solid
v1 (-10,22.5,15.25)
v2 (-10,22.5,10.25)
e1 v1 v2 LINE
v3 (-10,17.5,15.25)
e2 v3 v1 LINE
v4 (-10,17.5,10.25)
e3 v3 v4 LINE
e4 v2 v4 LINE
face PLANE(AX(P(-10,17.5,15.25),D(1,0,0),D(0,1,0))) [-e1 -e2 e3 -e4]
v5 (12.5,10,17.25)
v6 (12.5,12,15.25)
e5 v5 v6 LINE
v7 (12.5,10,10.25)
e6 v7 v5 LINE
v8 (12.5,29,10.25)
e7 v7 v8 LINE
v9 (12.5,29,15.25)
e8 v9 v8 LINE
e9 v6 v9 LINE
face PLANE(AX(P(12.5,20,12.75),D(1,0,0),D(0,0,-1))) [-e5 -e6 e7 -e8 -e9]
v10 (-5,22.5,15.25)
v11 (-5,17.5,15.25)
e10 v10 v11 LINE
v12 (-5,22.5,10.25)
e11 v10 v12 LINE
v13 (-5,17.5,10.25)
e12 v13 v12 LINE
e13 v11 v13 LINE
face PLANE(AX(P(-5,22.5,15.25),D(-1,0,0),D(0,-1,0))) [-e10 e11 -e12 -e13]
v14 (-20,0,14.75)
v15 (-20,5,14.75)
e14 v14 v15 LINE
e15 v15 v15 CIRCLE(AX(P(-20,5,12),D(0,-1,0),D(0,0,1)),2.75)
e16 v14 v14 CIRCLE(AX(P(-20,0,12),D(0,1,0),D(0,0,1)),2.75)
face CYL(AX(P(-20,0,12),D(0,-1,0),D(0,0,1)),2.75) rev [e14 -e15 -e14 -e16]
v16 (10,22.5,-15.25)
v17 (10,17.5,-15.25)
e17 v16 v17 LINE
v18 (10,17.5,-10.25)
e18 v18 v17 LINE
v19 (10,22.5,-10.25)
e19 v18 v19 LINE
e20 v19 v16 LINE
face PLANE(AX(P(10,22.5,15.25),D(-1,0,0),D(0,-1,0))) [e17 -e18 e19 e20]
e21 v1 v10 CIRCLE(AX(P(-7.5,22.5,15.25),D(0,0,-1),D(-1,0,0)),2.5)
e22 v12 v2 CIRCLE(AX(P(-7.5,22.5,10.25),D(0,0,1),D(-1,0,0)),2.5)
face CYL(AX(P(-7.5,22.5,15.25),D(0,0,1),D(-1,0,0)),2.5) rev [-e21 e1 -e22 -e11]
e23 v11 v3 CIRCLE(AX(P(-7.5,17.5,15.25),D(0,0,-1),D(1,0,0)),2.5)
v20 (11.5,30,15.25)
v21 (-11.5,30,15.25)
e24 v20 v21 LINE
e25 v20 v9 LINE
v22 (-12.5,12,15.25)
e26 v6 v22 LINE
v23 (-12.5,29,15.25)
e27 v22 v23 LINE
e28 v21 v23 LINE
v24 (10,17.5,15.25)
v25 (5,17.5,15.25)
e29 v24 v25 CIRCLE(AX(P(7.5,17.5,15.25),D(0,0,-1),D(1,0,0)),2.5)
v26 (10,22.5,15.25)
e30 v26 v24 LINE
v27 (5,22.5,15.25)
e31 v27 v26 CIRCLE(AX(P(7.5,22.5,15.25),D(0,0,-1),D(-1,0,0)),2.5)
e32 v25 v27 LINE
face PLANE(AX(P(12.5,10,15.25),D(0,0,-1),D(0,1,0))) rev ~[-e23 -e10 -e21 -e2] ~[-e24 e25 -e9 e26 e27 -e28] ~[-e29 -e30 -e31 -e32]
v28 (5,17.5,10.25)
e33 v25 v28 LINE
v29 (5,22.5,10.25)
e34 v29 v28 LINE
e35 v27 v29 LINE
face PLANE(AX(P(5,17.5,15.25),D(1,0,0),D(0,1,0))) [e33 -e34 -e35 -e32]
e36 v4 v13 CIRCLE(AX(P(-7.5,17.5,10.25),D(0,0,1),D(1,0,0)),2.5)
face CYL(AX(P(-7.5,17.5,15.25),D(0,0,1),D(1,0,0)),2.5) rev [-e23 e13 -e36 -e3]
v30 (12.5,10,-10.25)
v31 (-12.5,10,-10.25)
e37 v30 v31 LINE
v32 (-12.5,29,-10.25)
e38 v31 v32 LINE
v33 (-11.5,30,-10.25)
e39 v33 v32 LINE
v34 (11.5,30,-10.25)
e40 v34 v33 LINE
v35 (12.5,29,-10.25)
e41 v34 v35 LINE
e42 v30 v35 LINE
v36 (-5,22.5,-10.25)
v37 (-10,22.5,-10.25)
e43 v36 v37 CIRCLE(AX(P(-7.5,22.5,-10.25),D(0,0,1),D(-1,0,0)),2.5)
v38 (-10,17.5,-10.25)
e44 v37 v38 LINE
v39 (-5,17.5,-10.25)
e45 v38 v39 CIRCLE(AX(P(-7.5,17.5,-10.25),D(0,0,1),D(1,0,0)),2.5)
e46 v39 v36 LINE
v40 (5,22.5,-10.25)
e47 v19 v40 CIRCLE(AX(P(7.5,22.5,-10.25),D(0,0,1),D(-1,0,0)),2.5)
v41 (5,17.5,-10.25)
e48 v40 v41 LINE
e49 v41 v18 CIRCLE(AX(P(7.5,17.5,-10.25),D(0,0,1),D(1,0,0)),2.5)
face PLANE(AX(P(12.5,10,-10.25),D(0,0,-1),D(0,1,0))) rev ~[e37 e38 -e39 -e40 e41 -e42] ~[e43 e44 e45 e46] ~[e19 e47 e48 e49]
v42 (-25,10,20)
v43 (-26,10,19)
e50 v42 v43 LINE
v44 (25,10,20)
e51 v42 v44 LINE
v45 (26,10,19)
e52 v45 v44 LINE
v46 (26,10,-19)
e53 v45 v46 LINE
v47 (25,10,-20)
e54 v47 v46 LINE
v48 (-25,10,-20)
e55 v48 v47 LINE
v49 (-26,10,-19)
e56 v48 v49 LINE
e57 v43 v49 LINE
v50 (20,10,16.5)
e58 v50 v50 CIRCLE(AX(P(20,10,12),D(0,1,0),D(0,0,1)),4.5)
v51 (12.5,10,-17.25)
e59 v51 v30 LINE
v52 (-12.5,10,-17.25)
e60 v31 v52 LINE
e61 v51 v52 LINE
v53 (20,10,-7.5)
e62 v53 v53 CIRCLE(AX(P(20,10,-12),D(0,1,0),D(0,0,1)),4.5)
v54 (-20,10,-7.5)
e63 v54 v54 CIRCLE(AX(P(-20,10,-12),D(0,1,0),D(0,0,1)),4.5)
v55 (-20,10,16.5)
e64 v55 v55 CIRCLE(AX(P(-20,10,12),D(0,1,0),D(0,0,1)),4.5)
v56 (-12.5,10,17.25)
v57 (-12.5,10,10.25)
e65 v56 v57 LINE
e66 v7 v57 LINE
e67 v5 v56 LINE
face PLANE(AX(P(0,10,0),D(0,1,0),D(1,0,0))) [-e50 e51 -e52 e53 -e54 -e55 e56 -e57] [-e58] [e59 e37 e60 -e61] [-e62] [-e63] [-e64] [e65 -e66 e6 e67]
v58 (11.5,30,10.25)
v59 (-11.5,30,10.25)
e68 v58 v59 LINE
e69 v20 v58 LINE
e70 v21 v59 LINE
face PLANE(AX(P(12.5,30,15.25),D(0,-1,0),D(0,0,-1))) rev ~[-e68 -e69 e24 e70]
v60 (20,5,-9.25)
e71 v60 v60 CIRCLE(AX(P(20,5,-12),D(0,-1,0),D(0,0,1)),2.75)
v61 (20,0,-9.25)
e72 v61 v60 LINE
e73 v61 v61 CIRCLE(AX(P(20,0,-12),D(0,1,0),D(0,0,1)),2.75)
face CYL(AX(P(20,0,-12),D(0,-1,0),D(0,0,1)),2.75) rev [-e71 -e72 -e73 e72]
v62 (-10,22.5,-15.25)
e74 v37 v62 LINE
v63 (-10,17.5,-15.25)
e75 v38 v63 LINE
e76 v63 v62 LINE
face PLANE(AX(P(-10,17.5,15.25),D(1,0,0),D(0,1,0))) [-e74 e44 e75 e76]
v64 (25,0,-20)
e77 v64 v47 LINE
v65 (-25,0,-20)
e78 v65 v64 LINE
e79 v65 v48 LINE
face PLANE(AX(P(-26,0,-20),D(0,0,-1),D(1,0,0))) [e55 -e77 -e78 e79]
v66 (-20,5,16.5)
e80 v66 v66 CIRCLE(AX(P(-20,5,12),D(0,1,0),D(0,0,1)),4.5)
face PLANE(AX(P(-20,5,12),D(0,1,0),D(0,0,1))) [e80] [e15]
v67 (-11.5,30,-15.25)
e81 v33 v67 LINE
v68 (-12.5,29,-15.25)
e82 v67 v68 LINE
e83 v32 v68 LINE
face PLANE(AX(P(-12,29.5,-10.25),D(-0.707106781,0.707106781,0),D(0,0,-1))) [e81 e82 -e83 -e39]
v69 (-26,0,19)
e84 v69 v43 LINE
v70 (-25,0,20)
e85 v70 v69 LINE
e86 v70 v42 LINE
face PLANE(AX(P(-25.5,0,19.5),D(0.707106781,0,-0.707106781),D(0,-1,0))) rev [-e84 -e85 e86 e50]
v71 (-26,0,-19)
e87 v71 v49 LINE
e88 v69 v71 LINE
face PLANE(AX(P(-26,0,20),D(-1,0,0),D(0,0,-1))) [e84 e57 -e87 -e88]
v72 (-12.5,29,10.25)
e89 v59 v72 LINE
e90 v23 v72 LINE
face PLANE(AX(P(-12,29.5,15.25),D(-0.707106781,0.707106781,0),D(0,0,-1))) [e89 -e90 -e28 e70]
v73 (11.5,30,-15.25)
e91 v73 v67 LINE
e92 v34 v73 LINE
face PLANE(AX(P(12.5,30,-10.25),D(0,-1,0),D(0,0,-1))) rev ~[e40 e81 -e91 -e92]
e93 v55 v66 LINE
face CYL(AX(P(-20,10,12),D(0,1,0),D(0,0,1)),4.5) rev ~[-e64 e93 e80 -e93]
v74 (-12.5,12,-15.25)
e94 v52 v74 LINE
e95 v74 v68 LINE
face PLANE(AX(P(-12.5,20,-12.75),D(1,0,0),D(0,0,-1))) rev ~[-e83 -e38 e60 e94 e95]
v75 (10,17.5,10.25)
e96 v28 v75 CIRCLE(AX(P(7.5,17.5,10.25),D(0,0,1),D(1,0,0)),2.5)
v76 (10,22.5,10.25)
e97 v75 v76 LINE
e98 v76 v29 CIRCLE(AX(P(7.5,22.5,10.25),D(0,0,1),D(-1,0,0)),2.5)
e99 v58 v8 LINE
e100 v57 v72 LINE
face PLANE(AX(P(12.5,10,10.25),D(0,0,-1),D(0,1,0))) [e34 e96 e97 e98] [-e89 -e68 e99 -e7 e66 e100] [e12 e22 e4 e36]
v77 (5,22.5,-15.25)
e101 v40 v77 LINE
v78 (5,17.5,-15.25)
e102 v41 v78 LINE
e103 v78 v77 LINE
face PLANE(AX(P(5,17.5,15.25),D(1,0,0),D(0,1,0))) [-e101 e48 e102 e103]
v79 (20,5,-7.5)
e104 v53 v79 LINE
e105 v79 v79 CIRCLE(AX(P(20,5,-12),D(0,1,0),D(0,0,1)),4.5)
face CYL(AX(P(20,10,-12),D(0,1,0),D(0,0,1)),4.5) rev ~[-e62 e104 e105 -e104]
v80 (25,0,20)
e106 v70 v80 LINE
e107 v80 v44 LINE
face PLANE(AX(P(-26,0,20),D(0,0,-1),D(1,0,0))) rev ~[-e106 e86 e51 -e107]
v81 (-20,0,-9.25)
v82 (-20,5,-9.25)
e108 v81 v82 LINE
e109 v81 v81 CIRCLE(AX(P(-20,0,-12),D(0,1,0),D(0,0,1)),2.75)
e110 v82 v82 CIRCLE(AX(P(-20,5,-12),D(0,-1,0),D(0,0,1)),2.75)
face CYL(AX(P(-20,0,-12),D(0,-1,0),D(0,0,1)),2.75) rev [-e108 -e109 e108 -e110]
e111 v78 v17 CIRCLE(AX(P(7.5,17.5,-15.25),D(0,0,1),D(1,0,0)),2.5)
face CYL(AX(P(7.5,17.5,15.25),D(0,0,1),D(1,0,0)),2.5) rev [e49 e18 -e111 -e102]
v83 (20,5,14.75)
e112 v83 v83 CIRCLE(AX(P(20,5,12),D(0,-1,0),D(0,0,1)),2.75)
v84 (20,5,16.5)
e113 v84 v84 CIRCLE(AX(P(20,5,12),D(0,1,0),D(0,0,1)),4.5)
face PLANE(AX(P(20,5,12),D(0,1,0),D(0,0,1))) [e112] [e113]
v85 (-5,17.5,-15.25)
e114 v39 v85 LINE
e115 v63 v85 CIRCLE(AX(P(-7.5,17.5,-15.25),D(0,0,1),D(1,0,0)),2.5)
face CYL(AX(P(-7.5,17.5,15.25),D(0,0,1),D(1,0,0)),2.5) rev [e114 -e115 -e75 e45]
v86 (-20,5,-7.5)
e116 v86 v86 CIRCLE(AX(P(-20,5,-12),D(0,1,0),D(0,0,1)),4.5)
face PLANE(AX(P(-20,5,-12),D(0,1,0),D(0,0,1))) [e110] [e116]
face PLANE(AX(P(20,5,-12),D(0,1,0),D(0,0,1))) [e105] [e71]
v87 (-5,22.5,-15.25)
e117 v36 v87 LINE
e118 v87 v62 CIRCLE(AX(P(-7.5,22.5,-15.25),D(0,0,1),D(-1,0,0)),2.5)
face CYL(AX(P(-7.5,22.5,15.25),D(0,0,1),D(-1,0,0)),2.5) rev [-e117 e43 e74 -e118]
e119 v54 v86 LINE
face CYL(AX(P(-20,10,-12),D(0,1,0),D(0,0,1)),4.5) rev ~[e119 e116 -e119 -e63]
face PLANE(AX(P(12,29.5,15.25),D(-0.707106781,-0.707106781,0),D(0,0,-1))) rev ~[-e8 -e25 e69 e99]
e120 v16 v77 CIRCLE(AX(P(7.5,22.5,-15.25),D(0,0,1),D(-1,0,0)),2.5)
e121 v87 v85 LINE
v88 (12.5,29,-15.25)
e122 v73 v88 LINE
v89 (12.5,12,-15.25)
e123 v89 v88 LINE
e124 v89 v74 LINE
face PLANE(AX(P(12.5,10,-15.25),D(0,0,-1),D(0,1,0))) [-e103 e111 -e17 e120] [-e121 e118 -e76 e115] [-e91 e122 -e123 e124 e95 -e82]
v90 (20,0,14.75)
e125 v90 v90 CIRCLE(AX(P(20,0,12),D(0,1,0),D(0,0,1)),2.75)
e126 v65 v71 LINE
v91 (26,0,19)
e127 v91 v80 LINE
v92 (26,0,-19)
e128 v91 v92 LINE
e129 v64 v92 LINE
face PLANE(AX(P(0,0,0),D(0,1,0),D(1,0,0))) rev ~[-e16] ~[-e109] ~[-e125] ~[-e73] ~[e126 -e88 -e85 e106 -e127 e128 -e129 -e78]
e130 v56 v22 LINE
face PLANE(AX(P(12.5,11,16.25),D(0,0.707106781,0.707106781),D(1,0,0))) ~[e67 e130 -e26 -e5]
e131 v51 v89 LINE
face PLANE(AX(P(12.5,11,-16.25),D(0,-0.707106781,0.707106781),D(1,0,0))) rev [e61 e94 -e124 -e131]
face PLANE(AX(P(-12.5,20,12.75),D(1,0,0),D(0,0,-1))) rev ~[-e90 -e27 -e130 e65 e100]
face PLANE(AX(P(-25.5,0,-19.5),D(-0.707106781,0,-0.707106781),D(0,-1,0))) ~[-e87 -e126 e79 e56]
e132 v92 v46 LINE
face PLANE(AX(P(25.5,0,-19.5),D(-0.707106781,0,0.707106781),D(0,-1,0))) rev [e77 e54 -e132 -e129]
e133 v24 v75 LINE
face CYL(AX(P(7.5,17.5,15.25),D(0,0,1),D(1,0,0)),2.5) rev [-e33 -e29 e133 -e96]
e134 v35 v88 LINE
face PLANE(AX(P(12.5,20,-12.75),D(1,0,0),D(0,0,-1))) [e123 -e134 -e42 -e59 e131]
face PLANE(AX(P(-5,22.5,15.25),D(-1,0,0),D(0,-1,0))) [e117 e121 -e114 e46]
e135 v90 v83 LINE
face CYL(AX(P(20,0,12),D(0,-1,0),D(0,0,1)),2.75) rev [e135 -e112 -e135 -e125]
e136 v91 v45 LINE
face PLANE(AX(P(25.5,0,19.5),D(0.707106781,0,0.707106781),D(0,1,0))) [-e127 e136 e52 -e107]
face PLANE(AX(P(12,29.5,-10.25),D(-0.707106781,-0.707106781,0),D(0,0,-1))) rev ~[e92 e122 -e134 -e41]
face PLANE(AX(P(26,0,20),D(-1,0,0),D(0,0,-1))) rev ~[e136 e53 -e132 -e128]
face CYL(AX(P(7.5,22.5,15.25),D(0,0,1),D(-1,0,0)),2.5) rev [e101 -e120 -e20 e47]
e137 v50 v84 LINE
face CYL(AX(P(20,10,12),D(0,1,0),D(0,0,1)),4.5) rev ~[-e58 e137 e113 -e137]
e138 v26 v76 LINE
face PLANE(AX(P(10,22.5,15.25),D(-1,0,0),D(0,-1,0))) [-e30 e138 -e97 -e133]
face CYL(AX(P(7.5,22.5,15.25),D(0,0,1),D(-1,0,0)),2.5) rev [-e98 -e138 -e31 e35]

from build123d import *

# Parameters (mm, degrees)
SKETCH1_W           = 52
SKETCH1_H           = 40
SKETCH1_R           = 2.75
BOSS_EXTRUDE1_DEPTH = 10
SKETCH4_R           = 4.5
CUT_EXTRUDE2_DEPTH  = 5
BOSS_EXTRUDE2_START = -13.5
SKETCH2_W           = 5
SKETCH2_H           = 20
BOSS_EXTRUDE2_DEPTH = 25
CUT_EXTRUDE1_REACH  = 55.09
CHAMFER1_SIZE       = 2
CHAMFER2_SIZE       = 1


with BuildPart() as part:
    # Sketch1 → Boss-Extrude1 (new body)
    with BuildSketch(Plane(origin=(0, 0, 0), x_dir=(1, 0, 0), z_dir=(0, 1, 0))):
        Rectangle(SKETCH1_W, SKETCH1_H)
        with Locations(Location((-20, 12, 0), (0, 0, 270))):
            Circle(SKETCH1_R, mode=Mode.SUBTRACT)
        with Locations(Location((20, 12, 0), (0, 0, 270))):
            Circle(SKETCH1_R, mode=Mode.SUBTRACT)
        with Locations(Location((20, -12, 0), (0, 0, 270))):
            Circle(SKETCH1_R, mode=Mode.SUBTRACT)
        with Locations(Location((-20, -12, 0), (0, 0, 270))):
            Circle(SKETCH1_R, mode=Mode.SUBTRACT)
    extrude(amount=BOSS_EXTRUDE1_DEPTH)

    # Sketch4 → Cut-Extrude2 (cut)
    with BuildSketch(Plane(origin=(0, 10, 0), x_dir=(1, 0, 0), z_dir=(0, 1, 0))):
        with Locations(Location((-20, 12, 0), (0, 0, 270))):
            Circle(SKETCH4_R)
        with Locations(Location((20, 12, 0), (0, 0, 270))):
            Circle(SKETCH4_R)
        with Locations(Location((20, -12, 0), (0, 0, 270))):
            Circle(SKETCH4_R)
        with Locations(Location((-20, -12, 0), (0, 0, 270))):
            Circle(SKETCH4_R)
    extrude(amount=-CUT_EXTRUDE2_DEPTH, mode=Mode.SUBTRACT)

    # Sketch2 → Boss-Extrude2 (add)
    with BuildSketch(Plane(origin=(26, 0, 0), x_dir=(0, 0, -1), z_dir=(1, 0, 0)).offset(BOSS_EXTRUDE2_START)):
        with Locations((-12.75, 20)):
            Rectangle(SKETCH2_W, SKETCH2_H)
        with Locations((12.75, 20)):
            Rectangle(SKETCH2_W, SKETCH2_H)
    extrude(amount=-BOSS_EXTRUDE2_DEPTH)

    # Cut-Extrude1: up to this face of the body (flat: up to its plane)
    cut_extrude1_end = Plane(part.part.faces().sort_by_distance((0, 20, -15.25))[0])
    # Sketch3 → Cut-Extrude1 (cut, up to the picked face)
    with BuildSketch(Plane.XY.offset(15.25), mode=Mode.PRIVATE) as cut_extrude1_sk1:
        with BuildLine():
            Line((-5, 22.5), (-5, 17.5))
            ThreePointArc((-5, 17.5), (-7.5, 15), (-10, 17.5))
            Line((-10, 17.5), (-10, 22.5))
            ThreePointArc((-10, 22.5), (-7.5, 25), (-5, 22.5))
        make_face()
    cut_extrude1_tool1 = split(extrude(cut_extrude1_sk1.sketch, amount=-CUT_EXTRUDE1_REACH, mode=Mode.PRIVATE), bisect_by=cut_extrude1_end, keep=Keep.BOTH, mode=Mode.PRIVATE)
    # Sketch3 → Cut-Extrude1 (cut, up to the picked face)
    with BuildSketch(Plane.XY.offset(15.25), mode=Mode.PRIVATE) as cut_extrude1_sk2:
        with BuildLine():
            Line((10, 22.5), (10, 17.5))
            ThreePointArc((10, 17.5), (7.5, 15), (5, 17.5))
            Line((5, 17.5), (5, 22.5))
            ThreePointArc((5, 22.5), (7.5, 25), (10, 22.5))
        make_face()
    cut_extrude1_tool2 = split(extrude(cut_extrude1_sk2.sketch, amount=-CUT_EXTRUDE1_REACH, mode=Mode.PRIVATE), bisect_by=cut_extrude1_end, keep=Keep.BOTH, mode=Mode.PRIVATE)
    add(cut_extrude1_tool1.solids().sort_by(Axis((-7.5, 20, 15.25), (0, 0, -1)))[0], mode=Mode.SUBTRACT)
    add(cut_extrude1_tool2.solids().sort_by(Axis((7.5, 20, 15.25), (0, 0, -1)))[0], mode=Mode.SUBTRACT)

    # Chamfer1
    chamfer1_edges = [part.edges().sort_by_distance(p)[0] for p in [
        (0, 10, 15.25),
        (0, 10, -15.25),
    ]]
    chamfer(chamfer1_edges, length=CHAMFER1_SIZE)

    # Chamfer2
    chamfer2_edges = [part.edges().sort_by_distance(p)[0] for p in [
        (-12.5, 30, 12.75),
        (12.5, 30, 12.75),
        (-12.5, 30, -12.75),
        (12.5, 30, -12.75),
        (26, 5, 20),
        (-26, 5, 20),
        (-26, 5, -20),
        (26, 5, -20),
    ]]
    chamfer(chamfer2_edges, length=CHAMFER2_SIZE)


solid = part.part
